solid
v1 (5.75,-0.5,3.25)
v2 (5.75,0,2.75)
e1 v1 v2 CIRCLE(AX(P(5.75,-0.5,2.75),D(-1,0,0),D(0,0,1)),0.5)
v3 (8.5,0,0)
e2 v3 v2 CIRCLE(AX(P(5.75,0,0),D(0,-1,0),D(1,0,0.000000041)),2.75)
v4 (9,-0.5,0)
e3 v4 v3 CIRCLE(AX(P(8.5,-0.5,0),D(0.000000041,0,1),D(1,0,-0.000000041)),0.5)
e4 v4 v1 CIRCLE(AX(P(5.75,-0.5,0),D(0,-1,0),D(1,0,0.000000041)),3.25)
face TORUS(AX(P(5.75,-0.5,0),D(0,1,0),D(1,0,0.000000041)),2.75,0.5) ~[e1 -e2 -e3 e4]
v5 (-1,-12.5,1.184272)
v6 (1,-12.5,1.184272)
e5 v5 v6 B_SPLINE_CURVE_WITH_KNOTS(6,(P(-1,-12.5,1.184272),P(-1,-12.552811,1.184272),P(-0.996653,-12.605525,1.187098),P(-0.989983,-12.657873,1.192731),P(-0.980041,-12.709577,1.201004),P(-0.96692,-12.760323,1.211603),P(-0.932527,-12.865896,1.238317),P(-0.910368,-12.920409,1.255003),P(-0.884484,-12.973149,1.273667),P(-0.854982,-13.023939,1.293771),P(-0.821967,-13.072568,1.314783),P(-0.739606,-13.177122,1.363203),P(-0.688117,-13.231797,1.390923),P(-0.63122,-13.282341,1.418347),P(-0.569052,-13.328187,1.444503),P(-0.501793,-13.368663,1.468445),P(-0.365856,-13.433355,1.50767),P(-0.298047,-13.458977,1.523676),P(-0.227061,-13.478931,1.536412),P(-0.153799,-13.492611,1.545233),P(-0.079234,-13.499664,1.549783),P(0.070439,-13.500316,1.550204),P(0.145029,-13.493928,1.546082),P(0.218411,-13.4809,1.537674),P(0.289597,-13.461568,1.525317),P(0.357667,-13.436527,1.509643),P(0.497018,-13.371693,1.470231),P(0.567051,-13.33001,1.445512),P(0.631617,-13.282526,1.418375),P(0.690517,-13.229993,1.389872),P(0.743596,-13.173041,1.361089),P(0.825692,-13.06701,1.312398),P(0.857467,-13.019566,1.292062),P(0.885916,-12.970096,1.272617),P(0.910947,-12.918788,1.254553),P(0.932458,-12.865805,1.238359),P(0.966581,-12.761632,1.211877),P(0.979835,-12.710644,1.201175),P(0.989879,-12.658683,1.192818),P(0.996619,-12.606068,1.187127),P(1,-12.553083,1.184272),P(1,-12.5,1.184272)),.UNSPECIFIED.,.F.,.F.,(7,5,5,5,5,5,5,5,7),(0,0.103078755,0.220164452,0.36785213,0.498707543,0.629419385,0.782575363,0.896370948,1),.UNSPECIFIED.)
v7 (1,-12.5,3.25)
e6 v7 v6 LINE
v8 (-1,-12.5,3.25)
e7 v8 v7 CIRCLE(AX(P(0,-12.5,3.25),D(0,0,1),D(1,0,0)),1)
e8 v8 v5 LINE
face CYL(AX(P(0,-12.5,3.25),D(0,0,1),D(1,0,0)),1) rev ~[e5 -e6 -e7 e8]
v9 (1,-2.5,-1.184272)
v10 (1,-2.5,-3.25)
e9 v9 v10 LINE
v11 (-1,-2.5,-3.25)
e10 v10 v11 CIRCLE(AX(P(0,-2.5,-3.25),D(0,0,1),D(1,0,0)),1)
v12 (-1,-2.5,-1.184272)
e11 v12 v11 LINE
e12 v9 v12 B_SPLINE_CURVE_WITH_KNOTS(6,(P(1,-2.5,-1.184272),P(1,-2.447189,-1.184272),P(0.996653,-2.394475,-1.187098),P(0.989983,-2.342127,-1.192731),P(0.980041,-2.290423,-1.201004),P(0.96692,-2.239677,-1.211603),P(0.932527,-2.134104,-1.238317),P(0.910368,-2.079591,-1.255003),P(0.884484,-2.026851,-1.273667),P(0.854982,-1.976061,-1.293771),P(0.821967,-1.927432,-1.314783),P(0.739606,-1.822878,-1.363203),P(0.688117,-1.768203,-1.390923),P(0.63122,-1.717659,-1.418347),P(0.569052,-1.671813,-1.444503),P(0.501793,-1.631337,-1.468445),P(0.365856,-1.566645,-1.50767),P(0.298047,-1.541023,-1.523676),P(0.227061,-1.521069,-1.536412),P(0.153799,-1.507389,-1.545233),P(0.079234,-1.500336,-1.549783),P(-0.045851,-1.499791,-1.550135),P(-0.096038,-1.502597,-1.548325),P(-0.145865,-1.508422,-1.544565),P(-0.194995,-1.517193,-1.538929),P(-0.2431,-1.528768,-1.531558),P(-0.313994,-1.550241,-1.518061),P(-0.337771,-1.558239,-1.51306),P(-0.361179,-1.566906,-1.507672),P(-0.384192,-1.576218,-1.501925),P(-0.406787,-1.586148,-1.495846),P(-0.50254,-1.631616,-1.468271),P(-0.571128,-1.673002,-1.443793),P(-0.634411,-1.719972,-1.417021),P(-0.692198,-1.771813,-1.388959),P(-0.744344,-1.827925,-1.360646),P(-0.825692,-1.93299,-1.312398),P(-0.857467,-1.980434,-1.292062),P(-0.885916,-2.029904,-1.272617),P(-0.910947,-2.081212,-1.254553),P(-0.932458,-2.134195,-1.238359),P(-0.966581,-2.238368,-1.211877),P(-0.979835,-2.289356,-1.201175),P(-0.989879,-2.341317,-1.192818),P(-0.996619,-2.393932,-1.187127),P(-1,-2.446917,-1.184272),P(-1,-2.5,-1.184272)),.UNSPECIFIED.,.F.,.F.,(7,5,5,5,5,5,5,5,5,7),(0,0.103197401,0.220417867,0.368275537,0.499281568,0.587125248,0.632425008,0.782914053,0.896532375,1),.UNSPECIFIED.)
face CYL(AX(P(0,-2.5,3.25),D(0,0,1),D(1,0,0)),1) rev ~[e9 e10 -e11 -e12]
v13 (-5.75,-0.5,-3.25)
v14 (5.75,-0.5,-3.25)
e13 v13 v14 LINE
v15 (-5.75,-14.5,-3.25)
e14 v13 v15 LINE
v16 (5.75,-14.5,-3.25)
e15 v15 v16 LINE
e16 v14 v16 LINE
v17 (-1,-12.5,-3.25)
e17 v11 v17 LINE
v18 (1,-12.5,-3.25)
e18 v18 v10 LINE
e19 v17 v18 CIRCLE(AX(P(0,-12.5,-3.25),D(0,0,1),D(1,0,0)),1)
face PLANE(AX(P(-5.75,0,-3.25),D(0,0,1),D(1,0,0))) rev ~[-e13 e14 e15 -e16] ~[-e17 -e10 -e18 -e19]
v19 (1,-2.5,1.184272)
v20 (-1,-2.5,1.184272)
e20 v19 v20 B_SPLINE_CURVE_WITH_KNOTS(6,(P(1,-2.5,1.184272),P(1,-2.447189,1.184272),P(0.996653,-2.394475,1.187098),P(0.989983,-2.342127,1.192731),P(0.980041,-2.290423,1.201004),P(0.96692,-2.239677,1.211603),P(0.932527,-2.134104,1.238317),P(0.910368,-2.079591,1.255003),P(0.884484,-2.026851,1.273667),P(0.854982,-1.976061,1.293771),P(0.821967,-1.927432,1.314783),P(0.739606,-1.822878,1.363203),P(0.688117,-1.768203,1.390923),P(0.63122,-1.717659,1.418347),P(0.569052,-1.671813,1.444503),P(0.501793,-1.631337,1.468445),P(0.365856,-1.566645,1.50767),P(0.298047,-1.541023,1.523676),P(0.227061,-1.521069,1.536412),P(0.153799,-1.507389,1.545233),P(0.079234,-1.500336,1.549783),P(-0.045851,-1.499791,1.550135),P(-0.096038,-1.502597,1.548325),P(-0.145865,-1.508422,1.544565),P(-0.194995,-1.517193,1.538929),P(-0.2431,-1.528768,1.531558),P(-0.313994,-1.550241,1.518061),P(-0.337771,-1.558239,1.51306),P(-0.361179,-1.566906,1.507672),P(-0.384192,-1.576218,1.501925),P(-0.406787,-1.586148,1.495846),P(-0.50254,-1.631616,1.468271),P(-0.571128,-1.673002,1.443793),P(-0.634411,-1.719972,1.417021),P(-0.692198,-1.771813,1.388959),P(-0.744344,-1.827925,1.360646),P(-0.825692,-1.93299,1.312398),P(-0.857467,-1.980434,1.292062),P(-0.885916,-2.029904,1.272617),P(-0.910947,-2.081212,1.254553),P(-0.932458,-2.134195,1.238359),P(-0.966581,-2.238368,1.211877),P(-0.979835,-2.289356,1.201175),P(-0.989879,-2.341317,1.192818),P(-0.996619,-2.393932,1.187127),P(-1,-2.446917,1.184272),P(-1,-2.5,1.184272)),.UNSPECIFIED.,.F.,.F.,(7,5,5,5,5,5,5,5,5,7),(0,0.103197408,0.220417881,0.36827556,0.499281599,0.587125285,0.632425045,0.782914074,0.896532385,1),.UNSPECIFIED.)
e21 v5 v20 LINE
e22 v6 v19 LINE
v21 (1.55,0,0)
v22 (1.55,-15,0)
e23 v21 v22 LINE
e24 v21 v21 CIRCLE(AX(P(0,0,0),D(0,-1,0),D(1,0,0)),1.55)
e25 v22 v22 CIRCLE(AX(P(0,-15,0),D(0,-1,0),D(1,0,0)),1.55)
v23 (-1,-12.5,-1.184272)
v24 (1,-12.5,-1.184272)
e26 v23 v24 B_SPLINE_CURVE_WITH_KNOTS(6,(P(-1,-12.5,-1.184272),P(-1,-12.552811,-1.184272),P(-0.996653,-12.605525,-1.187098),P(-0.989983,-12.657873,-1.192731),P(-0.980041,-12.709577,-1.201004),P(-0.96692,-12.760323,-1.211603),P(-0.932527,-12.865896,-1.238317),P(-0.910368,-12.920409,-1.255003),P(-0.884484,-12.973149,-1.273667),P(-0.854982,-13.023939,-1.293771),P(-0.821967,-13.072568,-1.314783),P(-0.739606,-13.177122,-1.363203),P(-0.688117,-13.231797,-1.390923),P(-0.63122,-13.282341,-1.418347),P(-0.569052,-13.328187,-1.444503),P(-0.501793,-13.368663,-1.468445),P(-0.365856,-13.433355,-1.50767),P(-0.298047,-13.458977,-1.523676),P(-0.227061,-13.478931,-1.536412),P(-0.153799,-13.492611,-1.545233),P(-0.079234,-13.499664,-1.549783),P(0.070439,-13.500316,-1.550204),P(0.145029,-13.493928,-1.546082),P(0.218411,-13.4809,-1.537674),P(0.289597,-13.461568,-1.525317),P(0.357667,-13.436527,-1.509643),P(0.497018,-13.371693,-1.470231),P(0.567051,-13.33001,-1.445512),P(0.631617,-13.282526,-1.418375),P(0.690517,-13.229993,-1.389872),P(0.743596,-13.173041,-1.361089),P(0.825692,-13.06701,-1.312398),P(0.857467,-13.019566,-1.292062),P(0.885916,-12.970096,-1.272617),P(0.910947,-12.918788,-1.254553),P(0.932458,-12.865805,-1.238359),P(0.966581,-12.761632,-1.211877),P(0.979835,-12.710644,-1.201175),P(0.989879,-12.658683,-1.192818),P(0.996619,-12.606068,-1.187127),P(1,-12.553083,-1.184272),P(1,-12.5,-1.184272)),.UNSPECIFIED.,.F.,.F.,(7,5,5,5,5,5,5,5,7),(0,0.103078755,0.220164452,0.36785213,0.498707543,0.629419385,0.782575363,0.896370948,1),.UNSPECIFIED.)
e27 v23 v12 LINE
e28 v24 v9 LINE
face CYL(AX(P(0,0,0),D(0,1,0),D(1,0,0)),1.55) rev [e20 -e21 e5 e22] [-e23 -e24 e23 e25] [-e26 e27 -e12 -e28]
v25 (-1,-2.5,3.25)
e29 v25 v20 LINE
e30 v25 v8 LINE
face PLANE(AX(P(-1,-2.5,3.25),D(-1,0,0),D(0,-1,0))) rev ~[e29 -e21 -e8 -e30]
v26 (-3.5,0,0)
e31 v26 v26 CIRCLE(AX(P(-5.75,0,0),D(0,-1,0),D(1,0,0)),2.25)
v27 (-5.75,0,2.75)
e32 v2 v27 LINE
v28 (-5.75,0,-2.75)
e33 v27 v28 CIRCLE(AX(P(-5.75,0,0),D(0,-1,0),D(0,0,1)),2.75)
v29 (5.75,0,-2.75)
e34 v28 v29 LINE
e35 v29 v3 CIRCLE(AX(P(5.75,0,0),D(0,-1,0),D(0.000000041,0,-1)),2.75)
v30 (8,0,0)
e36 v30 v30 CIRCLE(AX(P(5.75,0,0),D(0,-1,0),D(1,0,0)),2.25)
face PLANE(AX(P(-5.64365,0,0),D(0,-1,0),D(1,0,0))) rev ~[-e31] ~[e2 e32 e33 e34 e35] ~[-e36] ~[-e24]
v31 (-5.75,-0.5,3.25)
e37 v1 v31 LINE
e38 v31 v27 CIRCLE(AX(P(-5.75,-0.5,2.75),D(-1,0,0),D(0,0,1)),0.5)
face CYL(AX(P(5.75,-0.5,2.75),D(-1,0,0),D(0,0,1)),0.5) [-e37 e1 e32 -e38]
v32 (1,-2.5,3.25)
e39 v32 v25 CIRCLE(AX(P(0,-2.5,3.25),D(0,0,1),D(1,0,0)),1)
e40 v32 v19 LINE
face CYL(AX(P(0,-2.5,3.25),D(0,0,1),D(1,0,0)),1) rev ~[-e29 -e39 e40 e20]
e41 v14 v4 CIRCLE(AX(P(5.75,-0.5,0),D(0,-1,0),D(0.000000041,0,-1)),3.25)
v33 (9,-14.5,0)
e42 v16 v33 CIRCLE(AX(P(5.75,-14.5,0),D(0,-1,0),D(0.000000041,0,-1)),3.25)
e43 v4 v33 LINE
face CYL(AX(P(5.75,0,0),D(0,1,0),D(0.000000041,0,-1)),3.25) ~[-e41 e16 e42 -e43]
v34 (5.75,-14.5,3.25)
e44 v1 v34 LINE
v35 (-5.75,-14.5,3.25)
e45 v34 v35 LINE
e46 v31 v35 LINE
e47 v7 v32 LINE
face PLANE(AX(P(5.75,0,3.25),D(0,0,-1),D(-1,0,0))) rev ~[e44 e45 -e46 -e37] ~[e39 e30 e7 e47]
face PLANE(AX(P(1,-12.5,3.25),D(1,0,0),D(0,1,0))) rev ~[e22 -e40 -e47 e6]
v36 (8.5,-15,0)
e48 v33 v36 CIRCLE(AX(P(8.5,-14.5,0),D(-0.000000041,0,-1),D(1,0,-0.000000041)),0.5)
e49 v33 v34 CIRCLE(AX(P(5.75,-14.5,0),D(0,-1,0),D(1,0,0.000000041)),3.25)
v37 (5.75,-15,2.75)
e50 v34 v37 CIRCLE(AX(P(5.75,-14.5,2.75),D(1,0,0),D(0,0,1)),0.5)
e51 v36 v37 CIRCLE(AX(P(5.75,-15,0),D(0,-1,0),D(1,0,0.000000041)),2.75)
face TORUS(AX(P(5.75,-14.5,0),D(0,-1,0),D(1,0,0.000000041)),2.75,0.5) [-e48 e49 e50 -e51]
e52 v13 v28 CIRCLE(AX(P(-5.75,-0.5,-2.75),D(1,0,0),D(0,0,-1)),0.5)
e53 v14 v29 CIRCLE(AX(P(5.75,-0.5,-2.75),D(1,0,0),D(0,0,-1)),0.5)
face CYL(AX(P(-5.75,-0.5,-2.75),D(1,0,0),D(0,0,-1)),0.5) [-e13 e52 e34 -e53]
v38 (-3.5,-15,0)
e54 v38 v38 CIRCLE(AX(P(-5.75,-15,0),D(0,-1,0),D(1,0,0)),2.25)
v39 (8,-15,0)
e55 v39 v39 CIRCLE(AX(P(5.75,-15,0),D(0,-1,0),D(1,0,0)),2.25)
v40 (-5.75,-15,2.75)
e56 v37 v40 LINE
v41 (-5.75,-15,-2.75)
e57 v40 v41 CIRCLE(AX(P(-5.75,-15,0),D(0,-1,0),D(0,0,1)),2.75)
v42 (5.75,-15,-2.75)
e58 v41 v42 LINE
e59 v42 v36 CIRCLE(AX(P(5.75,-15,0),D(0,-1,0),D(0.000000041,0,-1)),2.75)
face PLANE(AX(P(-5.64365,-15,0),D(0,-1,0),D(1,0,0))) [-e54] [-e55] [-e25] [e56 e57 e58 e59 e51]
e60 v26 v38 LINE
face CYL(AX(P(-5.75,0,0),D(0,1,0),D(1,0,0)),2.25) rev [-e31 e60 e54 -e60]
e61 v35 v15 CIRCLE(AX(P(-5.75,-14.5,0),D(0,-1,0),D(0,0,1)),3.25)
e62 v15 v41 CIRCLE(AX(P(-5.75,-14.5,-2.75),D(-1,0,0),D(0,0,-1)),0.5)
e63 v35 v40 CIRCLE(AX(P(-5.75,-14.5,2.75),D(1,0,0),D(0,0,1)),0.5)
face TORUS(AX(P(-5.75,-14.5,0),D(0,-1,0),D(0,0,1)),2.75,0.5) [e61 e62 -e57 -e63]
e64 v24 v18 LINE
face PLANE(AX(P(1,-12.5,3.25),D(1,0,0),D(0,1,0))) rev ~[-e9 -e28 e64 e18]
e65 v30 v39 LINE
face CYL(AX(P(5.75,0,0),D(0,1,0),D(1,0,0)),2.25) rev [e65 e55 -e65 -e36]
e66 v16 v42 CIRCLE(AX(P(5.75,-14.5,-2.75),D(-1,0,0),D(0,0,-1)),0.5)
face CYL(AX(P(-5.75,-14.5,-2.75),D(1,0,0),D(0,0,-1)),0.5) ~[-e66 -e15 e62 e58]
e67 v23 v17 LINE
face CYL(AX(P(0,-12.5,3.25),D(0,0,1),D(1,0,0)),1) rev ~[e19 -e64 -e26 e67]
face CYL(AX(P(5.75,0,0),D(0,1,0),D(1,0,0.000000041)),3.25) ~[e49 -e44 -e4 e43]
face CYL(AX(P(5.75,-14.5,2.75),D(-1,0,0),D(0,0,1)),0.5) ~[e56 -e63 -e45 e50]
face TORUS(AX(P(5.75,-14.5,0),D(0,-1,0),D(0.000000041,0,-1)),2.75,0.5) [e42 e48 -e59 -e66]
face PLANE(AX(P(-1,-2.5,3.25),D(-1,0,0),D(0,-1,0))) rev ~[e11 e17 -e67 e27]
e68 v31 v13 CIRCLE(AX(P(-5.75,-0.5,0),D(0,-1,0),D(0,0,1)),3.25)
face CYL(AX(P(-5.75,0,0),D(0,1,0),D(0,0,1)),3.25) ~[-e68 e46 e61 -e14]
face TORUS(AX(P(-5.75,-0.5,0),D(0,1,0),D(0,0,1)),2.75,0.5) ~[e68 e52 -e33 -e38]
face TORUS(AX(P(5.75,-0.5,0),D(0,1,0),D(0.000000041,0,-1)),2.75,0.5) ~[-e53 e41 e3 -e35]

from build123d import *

# Parameters (mm, degrees)
F0_R     = 2.25
F0_R_2   = 1.55
F1_DEPTH = 15
F3_DEPTH = 6.501
F4_R     = 0.5


with BuildPart() as f1:
    # F0 (on Front) → F1 (new body)
    with BuildSketch(Plane.XZ):
        with BuildLine():
            ThreePointArc((-5.75, -3.25), (-3.451903, -2.298097), (-2.5, 0))
            ThreePointArc((-2.5, 0), (-3.451903, 2.298097), (-5.75, 3.25))
            ThreePointArc((-5.75, 3.25), (-9, 0), (-5.75, -3.25))
        make_face()
        with Locations((-5.75, 0)):
            Circle(F0_R, mode=Mode.SUBTRACT)
        with BuildLine():
            ThreePointArc((9, 0), (8.048097, 2.298097), (5.75, 3.25))
            ThreePointArc((5.75, 3.25), (2.5, 0), (5.75, -3.25))
            ThreePointArc((5.75, -3.25), (8.048097, -2.298097), (9, 0))
        make_face()
        with Locations((5.75, 0)):
            Circle(F0_R, mode=Mode.SUBTRACT)
        with BuildLine():
            ThreePointArc((-5.75, 3.25), (-3.451903, 2.298097), (-2.5, 0))
            ThreePointArc((-2.5, 0), (-3.451903, -2.298097), (-5.75, -3.25))
            Line((-5.75, -3.25), (5.75, -3.25))
            ThreePointArc((5.75, -3.25), (2.5, 0), (5.75, 3.25))
            Line((5.75, 3.25), (-5.75, 3.25))
        make_face()
        Circle(F0_R_2, mode=Mode.SUBTRACT)
    extrude(amount=F1_DEPTH)

    # F2 (on face) → F3 (cut, through all)
    with BuildSketch(Plane.XY.offset(3.25)):
        with BuildLine():
            ThreePointArc((-1, -12.5), (0, -13.5), (1, -12.5))
            ThreePointArc((1, -12.5), (0, -11.5), (-1, -12.5))
        make_face()
        with BuildLine():
            ThreePointArc((-1, -12.5), (0, -11.5), (1, -12.5))
            Line((1, -12.5), (1, -7.5))
            Line((1, -7.5), (1, -2.5))
            ThreePointArc((1, -2.5), (0, -3.5), (-1, -2.5))
            Line((-1, -2.5), (-1, -7.5))
            Line((-1, -7.5), (-1, -12.5))
        make_face()
        with BuildLine():
            ThreePointArc((-1, -2.5), (0, -3.5), (1, -2.5))
            ThreePointArc((1, -2.5), (0, -1.5), (-1, -2.5))
        make_face()
    extrude(amount=-F3_DEPTH, mode=Mode.SUBTRACT)

    # F4
    f4_edges = [f1.edges().sort_by_distance(p)[0] for p in [
        (0, 0, 3.25),
        (0, -15, 3.25),
    ]]
    fillet(f4_edges, radius=F4_R)


solid = f1.part
